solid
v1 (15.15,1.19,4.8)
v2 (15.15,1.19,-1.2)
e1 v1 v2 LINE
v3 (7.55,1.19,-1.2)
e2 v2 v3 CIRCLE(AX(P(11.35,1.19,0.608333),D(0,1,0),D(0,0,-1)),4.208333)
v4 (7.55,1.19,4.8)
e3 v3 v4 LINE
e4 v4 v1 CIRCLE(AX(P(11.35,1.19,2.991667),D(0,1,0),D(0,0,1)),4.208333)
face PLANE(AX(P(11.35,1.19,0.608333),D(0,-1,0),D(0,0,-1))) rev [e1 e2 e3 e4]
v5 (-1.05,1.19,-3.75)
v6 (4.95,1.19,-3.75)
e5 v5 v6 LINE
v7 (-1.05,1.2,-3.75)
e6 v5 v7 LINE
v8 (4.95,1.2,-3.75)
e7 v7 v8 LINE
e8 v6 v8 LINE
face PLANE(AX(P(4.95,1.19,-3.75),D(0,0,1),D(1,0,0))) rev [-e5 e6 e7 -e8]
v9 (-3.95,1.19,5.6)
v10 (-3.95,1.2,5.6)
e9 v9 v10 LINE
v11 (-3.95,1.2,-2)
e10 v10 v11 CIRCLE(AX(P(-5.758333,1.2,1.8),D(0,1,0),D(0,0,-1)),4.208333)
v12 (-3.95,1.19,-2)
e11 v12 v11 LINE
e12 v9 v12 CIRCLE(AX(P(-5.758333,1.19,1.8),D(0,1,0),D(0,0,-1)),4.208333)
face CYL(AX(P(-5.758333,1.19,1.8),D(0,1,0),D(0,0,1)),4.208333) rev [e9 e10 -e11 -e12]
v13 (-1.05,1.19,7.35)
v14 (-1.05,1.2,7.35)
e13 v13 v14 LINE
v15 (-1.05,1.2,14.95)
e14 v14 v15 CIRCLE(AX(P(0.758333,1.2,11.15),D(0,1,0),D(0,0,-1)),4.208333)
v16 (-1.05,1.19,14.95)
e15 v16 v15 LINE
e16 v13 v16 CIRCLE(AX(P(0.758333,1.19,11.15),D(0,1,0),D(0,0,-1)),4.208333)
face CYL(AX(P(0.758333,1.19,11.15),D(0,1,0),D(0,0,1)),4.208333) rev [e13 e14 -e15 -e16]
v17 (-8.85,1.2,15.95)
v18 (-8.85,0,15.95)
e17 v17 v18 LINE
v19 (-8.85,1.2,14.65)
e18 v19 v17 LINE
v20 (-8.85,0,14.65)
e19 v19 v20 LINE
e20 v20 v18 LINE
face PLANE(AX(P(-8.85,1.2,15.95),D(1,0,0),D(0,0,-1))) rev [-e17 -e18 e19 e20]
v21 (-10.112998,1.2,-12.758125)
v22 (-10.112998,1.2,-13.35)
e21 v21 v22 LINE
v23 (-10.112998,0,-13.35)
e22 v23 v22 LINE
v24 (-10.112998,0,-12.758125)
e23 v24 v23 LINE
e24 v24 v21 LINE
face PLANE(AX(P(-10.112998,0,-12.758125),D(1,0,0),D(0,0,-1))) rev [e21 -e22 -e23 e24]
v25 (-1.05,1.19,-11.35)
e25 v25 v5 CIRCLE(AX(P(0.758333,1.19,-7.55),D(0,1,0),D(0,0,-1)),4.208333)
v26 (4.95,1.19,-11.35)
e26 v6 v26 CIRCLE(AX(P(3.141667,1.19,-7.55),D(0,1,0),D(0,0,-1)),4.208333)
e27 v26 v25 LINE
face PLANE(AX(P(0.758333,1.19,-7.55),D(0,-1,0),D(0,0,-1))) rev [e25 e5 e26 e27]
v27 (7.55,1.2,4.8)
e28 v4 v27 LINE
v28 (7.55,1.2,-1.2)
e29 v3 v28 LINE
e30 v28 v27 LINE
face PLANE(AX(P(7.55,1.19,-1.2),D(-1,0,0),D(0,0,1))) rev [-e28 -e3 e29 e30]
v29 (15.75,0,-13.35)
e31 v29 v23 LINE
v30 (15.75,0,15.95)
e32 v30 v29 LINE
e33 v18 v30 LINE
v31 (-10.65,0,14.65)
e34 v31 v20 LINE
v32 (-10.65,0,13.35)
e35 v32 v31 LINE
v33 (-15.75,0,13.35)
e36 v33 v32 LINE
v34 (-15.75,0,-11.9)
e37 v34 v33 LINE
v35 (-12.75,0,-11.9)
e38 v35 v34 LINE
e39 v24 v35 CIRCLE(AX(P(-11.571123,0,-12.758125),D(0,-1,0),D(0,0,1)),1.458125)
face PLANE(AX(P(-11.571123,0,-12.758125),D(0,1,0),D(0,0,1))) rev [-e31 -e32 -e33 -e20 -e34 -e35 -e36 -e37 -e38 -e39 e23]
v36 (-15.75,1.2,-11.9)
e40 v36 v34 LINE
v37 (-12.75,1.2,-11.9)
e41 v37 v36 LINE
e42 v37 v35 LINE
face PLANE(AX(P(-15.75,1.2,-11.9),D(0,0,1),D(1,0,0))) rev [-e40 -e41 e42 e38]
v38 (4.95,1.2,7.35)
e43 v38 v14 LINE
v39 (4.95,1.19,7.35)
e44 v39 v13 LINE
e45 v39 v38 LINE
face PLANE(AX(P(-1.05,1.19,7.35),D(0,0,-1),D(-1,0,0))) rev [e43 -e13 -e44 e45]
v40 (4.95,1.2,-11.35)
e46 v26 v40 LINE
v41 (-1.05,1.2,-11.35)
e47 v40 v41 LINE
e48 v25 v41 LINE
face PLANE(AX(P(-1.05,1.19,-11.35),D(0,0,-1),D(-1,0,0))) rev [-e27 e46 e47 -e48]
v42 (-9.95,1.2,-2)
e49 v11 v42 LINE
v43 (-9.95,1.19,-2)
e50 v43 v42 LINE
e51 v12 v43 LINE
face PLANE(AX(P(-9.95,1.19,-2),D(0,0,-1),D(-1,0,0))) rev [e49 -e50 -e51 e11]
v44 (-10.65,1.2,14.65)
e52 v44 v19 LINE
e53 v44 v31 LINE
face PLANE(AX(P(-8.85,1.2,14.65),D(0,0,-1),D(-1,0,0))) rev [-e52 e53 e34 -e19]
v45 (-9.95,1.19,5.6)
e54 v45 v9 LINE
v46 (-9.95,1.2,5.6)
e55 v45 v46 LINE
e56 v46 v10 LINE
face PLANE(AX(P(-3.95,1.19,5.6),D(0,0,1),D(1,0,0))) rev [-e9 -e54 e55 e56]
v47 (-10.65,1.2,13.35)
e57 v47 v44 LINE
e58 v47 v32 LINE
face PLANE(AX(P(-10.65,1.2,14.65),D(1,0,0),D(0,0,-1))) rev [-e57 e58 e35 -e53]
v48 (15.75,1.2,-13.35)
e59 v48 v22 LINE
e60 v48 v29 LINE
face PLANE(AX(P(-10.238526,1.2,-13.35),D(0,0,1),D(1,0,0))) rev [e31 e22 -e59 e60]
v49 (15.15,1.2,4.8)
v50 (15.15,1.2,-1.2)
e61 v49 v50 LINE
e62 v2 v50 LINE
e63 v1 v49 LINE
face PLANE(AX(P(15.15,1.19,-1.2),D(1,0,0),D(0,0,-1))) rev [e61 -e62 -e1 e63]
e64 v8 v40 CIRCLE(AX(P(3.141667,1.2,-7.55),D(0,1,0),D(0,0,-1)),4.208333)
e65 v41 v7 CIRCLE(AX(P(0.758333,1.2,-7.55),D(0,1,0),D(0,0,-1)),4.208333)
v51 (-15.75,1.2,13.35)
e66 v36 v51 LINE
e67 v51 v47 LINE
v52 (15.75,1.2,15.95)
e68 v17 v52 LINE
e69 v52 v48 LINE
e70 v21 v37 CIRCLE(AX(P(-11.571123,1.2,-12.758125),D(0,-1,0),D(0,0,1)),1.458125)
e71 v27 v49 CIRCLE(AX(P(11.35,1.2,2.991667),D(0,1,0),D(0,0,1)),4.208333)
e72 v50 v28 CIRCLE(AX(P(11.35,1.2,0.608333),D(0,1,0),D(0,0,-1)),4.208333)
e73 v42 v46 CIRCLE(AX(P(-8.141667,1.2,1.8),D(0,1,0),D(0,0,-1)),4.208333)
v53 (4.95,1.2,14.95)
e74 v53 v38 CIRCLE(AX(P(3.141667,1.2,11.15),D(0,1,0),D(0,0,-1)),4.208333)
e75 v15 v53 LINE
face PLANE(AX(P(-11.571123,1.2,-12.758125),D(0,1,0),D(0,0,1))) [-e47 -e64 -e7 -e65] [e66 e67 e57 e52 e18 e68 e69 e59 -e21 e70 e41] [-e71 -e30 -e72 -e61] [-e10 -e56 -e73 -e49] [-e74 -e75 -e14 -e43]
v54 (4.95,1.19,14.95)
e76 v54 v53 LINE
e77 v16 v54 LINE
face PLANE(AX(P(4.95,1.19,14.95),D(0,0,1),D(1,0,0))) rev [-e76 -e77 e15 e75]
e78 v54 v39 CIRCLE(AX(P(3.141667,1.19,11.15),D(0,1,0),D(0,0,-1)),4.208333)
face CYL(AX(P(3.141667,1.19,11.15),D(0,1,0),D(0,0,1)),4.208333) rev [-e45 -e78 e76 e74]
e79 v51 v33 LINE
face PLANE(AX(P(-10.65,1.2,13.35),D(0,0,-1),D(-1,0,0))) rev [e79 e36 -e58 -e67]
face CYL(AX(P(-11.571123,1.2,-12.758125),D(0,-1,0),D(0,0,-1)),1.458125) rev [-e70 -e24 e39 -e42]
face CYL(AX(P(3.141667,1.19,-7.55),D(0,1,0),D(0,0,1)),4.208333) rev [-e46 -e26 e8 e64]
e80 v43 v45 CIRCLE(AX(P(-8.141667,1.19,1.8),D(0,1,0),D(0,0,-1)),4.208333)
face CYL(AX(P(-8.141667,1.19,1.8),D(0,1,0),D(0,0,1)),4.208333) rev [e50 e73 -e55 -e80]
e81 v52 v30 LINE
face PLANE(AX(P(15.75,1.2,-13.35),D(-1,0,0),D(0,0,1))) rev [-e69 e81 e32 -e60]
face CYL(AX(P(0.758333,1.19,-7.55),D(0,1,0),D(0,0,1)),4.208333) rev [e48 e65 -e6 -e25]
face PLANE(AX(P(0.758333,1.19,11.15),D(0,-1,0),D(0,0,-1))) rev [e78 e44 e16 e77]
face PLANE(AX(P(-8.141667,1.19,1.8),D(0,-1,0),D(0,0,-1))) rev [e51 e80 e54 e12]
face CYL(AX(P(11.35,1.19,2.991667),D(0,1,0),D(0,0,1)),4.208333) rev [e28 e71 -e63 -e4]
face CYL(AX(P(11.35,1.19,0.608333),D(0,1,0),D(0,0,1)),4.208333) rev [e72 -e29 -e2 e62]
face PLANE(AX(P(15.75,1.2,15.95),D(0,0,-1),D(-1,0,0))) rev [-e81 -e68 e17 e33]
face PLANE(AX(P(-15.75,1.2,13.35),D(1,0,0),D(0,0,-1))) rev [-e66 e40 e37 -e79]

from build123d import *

# Parameters (mm, degrees)
BOSS_EXTRU_1_DEPTH      = 1.2
ENL_V_START             = -1.2
ENL_V_MAT_EXTRU_1_DEPTH = 1.2
ENL_V_MAT_EXTRU_2_DEPTH = 0.01


with BuildPart() as part:
    # Esquisse1 → Boss.-Extru.1 (new body)
    with BuildSketch(Plane(origin=(0, 0, 0), x_dir=(1, 0, 0), z_dir=(0, 1, 0))):
        with BuildLine():
            Line((-15.75, 11.9), (-12.75, 11.9))
            ThreePointArc((-12.75, 11.9), (-10.842060454, 11.495351769), (-10.238526329, 13.35))
            Line((-10.238526329, 13.35), (15.75, 13.35))
            Line((15.75, 13.35), (15.75, -15.95))
            Line((15.75, -15.95), (-8.85, -15.95))
            Line((-8.85, -15.95), (-8.85, -14.65))
            Line((-8.85, -14.65), (-10.65, -14.65))
            Line((-10.65, -14.65), (-10.65, -13.35))
            Line((-10.65, -13.35), (-15.75, -13.35))
            Line((-15.75, -13.35), (-15.75, 11.9))
        make_face()
    extrude(amount=BOSS_EXTRU_1_DEPTH)

    # Esquisse3 → Enlèv. mat.-Extru.1 (cut)
    with BuildSketch(Plane(origin=(0, 1.2, 0), x_dir=(1, 0, 0), z_dir=(0, 1, 0)).offset(ENL_V_START)):
        with BuildLine():
            Line((-10.112997726, 12.758125458), (-10.112997726, 13.35))
            Line((-10.112997726, 13.35), (-10.238526329, 13.35))
            ThreePointArc((-10.238526329, 13.35), (-10.144725054, 13.060645252), (-10.112997726, 12.758125458))
        make_face()
    extrude(amount=ENL_V_MAT_EXTRU_1_DEPTH, mode=Mode.SUBTRACT)

    # Esquisse4 → Enlèv. mat.-Extru.2 (cut)
    with BuildSketch(Plane(origin=(0, 1.2, 0), x_dir=(1, 0, 0), z_dir=(0, 1, 0))):
        with BuildLine():
            Line((-1.05, 11.35), (4.95, 11.35))
            ThreePointArc((4.95, 11.35), (7.35, 7.55), (4.95, 3.75))
            Line((4.95, 3.75), (-1.05, 3.75))
            ThreePointArc((-1.05, 3.75), (-3.45, 7.55), (-1.05, 11.35))
        make_face()
        with BuildLine():
            Line((-1.05, -7.35), (4.95, -7.35))
            ThreePointArc((4.95, -7.35), (7.35, -11.15), (4.95, -14.95))
            Line((4.95, -14.95), (-1.05, -14.95))
            ThreePointArc((-1.05, -14.95), (-3.45, -11.15), (-1.05, -7.35))
        make_face()
        with BuildLine():
            Line((-9.95, 2), (-3.95, 2))
            ThreePointArc((-3.95, 2), (-1.55, -1.8), (-3.95, -5.6))
            Line((-3.95, -5.6), (-9.95, -5.6))
            ThreePointArc((-9.95, -5.6), (-12.35, -1.8), (-9.95, 2))
        make_face()
        with BuildLine():
            Line((7.55, 1.2), (7.55, -4.8))
            ThreePointArc((7.55, -4.8), (11.35, -7.2), (15.15, -4.8))
            Line((15.15, -4.8), (15.15, 1.2))
            ThreePointArc((15.15, 1.2), (11.35, 3.6), (7.55, 1.2))
        make_face()
    extrude(amount=-ENL_V_MAT_EXTRU_2_DEPTH, mode=Mode.SUBTRACT)


solid = part.part
